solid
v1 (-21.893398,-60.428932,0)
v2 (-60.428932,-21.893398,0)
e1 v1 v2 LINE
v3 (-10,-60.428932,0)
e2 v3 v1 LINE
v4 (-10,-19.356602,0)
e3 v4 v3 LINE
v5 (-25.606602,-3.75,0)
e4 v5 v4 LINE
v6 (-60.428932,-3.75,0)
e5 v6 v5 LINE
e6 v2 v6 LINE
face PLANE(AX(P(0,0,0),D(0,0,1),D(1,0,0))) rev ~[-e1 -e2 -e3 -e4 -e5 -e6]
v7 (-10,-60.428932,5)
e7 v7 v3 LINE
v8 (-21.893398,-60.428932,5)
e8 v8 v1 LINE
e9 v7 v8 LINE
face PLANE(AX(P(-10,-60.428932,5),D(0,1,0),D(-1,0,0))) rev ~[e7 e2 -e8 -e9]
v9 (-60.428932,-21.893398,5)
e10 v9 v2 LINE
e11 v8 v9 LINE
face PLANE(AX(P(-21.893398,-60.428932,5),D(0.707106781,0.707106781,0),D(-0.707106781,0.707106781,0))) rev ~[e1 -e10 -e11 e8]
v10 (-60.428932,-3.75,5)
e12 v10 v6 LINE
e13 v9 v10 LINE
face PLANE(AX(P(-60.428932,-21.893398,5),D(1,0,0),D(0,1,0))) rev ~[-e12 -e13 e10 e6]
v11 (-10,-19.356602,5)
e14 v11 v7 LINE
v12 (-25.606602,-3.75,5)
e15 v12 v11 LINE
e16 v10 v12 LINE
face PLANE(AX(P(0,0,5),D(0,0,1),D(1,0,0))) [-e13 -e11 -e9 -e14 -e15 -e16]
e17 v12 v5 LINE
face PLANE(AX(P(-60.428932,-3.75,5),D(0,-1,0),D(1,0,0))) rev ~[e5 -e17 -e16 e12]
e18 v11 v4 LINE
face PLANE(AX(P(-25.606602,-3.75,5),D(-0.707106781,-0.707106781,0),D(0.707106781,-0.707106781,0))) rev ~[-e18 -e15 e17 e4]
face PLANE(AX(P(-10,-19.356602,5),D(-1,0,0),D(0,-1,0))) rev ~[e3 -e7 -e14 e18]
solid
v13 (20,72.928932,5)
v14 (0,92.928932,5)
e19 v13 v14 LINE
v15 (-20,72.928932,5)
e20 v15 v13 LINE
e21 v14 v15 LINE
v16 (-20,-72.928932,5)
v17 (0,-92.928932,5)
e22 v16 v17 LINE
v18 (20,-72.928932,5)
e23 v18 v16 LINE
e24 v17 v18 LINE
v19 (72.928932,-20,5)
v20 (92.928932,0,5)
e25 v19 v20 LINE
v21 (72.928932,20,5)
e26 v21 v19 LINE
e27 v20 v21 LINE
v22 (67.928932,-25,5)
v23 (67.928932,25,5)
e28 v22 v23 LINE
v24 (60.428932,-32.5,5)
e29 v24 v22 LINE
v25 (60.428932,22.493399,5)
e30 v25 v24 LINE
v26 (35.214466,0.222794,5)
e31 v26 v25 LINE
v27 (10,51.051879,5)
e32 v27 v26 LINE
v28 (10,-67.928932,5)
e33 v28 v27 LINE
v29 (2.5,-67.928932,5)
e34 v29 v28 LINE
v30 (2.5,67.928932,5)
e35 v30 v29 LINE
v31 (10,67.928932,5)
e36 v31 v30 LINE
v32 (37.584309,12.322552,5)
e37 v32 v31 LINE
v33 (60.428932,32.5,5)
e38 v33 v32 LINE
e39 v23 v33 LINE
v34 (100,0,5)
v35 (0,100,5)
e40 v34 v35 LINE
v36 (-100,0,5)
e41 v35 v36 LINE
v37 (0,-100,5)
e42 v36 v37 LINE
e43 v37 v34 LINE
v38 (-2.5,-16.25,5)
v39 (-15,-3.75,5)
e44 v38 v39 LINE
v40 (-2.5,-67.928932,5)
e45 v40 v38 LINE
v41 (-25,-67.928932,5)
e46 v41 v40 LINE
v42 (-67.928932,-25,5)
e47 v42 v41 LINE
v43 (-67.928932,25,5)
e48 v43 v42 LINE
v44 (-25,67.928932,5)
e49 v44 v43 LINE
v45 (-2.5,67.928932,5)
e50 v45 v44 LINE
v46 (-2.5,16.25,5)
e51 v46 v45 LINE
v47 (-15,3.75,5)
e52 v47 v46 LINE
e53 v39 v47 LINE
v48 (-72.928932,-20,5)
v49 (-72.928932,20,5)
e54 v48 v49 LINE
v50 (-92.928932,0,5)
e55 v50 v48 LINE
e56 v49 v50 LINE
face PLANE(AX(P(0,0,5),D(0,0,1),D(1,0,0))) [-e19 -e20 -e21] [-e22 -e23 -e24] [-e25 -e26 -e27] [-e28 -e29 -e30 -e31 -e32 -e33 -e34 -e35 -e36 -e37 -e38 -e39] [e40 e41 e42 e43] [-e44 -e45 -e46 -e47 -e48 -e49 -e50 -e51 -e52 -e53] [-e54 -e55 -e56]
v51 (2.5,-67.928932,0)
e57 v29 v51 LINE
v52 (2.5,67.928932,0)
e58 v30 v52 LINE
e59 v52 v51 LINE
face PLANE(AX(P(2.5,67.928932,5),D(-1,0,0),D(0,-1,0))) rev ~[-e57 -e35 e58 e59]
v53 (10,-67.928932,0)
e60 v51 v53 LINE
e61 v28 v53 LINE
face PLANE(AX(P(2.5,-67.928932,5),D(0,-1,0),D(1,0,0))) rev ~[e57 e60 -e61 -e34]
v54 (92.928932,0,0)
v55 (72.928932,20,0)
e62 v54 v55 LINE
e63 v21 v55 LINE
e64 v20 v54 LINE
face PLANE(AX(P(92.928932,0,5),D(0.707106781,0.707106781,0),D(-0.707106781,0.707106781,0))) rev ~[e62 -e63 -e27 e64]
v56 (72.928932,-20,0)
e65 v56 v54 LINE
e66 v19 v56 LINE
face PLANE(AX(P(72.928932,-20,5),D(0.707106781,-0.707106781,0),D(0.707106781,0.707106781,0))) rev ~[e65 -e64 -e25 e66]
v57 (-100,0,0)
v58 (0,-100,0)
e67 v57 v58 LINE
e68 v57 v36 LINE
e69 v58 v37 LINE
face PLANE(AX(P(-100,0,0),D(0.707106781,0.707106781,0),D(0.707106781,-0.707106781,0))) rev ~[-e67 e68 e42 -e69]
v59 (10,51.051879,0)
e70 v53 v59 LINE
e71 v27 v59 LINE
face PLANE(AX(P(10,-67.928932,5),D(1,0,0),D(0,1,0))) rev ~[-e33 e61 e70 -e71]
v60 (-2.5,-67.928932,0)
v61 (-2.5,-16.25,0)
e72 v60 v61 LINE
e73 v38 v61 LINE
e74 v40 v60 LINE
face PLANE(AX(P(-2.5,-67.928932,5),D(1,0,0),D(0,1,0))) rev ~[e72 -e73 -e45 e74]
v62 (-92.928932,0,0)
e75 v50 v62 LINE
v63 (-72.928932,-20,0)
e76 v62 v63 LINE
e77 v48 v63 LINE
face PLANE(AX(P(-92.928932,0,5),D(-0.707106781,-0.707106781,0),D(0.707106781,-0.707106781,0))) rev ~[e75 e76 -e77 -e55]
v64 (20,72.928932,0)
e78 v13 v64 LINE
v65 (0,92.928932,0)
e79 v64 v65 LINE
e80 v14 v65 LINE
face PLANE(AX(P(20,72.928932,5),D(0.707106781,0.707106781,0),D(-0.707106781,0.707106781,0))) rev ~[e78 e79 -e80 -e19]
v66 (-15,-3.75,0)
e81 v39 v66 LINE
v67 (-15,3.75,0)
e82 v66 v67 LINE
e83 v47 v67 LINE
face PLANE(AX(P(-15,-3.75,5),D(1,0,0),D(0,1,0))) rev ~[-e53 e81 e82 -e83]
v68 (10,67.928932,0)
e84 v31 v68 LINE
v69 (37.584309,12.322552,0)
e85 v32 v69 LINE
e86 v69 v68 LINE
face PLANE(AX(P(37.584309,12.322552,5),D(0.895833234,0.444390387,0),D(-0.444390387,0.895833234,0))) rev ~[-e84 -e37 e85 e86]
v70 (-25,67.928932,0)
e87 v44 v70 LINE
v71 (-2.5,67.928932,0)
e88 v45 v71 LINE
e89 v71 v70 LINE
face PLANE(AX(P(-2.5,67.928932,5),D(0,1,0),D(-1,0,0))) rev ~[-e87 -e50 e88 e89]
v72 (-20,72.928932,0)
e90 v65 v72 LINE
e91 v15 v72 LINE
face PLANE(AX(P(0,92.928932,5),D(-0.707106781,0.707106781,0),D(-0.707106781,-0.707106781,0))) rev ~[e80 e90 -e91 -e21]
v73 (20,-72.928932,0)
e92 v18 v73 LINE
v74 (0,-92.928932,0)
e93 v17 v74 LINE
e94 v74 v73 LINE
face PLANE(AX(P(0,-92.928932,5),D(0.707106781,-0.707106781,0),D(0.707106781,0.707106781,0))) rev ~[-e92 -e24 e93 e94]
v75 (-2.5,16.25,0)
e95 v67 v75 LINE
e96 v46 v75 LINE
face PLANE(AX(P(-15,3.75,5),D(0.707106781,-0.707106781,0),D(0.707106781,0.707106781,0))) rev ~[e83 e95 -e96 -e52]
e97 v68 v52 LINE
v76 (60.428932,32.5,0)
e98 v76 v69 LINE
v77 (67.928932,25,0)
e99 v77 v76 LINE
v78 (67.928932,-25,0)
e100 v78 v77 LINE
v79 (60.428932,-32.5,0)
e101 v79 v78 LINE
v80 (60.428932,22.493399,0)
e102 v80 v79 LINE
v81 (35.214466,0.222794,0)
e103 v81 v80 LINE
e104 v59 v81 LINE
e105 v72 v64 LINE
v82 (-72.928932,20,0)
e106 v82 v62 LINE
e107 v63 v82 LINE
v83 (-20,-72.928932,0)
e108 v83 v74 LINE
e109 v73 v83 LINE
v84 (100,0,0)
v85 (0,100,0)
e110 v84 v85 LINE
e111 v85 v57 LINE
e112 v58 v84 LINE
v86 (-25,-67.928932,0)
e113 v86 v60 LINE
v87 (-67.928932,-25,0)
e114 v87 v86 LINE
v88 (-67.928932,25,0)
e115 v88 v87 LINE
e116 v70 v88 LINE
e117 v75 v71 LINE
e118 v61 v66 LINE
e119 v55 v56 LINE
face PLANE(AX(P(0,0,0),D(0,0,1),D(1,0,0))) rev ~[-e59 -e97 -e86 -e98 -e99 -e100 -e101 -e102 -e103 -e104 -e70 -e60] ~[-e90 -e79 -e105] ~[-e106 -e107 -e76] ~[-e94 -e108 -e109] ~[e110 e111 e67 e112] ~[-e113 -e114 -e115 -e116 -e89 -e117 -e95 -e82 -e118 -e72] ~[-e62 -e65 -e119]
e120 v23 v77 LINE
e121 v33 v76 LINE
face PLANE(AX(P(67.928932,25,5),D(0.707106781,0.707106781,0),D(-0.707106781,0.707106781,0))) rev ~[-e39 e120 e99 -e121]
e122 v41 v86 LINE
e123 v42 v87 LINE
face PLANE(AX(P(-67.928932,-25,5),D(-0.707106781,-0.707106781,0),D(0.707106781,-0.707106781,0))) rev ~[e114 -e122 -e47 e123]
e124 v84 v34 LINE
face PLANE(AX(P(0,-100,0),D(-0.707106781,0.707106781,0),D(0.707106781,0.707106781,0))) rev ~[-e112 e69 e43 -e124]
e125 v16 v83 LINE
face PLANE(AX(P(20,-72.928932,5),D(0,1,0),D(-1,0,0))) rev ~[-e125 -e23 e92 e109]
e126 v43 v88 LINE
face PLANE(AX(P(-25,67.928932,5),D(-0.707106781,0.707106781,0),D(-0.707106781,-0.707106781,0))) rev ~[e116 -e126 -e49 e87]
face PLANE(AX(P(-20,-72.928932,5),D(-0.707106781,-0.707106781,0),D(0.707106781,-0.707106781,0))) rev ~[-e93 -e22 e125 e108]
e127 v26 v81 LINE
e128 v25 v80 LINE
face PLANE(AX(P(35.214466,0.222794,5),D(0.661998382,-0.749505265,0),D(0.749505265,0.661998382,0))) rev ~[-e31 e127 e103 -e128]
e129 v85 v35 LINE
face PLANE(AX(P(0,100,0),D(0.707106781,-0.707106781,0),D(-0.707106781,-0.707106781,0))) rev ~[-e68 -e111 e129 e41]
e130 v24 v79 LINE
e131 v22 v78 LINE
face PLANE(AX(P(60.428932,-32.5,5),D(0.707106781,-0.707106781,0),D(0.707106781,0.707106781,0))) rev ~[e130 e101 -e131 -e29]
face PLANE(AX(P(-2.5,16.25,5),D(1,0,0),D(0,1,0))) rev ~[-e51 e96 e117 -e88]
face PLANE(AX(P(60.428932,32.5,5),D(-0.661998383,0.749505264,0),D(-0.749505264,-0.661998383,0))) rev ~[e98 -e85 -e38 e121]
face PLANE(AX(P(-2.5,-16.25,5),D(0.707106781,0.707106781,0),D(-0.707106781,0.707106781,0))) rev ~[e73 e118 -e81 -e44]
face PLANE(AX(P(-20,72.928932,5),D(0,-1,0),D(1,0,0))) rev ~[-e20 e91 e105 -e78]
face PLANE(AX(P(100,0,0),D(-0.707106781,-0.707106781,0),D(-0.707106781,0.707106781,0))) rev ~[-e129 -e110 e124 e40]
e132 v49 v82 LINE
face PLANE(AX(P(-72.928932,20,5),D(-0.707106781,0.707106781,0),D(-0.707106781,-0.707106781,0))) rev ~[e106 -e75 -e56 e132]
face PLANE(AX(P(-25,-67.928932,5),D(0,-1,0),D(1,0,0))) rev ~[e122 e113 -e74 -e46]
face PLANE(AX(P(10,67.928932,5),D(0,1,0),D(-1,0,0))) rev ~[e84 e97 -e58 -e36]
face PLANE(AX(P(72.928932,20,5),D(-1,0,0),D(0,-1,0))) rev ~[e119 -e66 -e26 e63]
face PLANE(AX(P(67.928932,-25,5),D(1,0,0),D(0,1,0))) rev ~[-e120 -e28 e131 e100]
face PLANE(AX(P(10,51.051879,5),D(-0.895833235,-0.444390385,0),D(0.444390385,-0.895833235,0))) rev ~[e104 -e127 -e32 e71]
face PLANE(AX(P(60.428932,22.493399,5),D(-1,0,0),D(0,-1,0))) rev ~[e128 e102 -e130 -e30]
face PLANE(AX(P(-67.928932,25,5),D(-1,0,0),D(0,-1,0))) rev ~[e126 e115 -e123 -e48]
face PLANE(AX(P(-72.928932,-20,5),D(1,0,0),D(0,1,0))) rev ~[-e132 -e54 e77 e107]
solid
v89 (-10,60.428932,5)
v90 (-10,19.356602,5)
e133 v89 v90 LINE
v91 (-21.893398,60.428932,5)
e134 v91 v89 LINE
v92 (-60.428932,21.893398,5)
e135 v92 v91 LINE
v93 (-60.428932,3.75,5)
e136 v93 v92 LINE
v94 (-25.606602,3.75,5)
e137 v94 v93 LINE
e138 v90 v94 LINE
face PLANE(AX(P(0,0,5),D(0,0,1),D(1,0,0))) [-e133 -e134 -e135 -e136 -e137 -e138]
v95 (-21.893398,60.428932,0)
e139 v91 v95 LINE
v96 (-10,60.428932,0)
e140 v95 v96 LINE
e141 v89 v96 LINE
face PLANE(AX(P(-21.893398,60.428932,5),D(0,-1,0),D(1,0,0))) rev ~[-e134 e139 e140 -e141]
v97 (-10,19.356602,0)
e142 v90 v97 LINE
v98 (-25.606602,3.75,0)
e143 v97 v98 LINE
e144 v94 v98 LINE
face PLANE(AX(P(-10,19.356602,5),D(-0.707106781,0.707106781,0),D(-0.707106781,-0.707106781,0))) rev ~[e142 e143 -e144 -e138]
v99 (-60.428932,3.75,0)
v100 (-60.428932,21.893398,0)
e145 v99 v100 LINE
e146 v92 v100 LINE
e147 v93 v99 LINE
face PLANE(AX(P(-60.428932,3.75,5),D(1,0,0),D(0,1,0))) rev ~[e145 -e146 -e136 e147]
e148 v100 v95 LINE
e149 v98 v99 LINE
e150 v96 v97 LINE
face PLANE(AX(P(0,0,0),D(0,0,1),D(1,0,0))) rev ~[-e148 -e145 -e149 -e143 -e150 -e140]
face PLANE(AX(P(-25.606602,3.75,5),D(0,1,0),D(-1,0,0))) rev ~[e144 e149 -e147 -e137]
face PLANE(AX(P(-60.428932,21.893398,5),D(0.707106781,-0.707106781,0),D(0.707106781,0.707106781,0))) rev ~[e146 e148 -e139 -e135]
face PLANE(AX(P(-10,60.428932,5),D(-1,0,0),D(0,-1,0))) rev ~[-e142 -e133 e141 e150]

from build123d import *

# Parameters (mm, degrees)
F1_DEPTH = 5
F3_DEPTH = 5.001
F6_DEPTH = 5.001


with BuildPart() as f1:
    # F0 (on Top) → F1 (new body)
    with BuildSketch(Plane.XY):
        Polygon((100, 0), (0, 100), (-100, 0), (0, -100), align=None)
    extrude(amount=F1_DEPTH)

    # F2 (on face) → F3 (cut, through all)
    with BuildSketch(Plane.XY.offset(5)):
        Polygon((-92.928932, 0), (-72.928932, -20), (-72.928932, 20), align=None)
        Polygon((0, 92.928932), (-20, 72.928932), (20, 72.928932), align=None)
        Polygon((92.928932, 0), (72.928932, 20), (72.928932, -20), align=None)
        Polygon((0, -92.928932), (20, -72.928932), (-20, -72.928932), align=None)
    extrude(amount=-F3_DEPTH, mode=Mode.SUBTRACT)

    # F5 (on face) + F4 (on face) → F6 (cut, through all)
    with BuildSketch(Plane.XY.offset(5)):
        Polygon((2.5, 67.928932), (2.5, -67.928932), (10, -67.928932), (10, 51.051879), (35.214466, 0.222794), (60.428932, 22.493399), (60.428932, -32.5), (67.928932, -25), (67.928932, 25), (60.428932, 32.5), (37.584309, 12.322552), (10, 67.928932), align=None)
    with BuildSketch(Plane.XY.offset(5)):
        Polygon((-67.928932, 25), (-67.928932, -25), (-25, -67.928932), (-2.5, -67.928932), (-2.5, -16.25), (-15, -3.75), (-15, 3.75), (-2.5, 16.25), (-2.5, 67.928932), (-25, 67.928932), align=None)
        Polygon((-21.893398, -60.428932), (-60.428932, -21.893398), (-60.428932, -3.75), (-25.606602, -3.75), (-10, -19.356602), (-10, -60.428932), align=None, mode=Mode.SUBTRACT)
        Polygon((-60.428932, 21.893398), (-21.893398, 60.428932), (-10, 60.428932), (-10, 19.356602), (-25.606602, 3.75), (-60.428932, 3.75), align=None, mode=Mode.SUBTRACT)
    extrude(amount=-F6_DEPTH, mode=Mode.SUBTRACT)


solid = f1.part
